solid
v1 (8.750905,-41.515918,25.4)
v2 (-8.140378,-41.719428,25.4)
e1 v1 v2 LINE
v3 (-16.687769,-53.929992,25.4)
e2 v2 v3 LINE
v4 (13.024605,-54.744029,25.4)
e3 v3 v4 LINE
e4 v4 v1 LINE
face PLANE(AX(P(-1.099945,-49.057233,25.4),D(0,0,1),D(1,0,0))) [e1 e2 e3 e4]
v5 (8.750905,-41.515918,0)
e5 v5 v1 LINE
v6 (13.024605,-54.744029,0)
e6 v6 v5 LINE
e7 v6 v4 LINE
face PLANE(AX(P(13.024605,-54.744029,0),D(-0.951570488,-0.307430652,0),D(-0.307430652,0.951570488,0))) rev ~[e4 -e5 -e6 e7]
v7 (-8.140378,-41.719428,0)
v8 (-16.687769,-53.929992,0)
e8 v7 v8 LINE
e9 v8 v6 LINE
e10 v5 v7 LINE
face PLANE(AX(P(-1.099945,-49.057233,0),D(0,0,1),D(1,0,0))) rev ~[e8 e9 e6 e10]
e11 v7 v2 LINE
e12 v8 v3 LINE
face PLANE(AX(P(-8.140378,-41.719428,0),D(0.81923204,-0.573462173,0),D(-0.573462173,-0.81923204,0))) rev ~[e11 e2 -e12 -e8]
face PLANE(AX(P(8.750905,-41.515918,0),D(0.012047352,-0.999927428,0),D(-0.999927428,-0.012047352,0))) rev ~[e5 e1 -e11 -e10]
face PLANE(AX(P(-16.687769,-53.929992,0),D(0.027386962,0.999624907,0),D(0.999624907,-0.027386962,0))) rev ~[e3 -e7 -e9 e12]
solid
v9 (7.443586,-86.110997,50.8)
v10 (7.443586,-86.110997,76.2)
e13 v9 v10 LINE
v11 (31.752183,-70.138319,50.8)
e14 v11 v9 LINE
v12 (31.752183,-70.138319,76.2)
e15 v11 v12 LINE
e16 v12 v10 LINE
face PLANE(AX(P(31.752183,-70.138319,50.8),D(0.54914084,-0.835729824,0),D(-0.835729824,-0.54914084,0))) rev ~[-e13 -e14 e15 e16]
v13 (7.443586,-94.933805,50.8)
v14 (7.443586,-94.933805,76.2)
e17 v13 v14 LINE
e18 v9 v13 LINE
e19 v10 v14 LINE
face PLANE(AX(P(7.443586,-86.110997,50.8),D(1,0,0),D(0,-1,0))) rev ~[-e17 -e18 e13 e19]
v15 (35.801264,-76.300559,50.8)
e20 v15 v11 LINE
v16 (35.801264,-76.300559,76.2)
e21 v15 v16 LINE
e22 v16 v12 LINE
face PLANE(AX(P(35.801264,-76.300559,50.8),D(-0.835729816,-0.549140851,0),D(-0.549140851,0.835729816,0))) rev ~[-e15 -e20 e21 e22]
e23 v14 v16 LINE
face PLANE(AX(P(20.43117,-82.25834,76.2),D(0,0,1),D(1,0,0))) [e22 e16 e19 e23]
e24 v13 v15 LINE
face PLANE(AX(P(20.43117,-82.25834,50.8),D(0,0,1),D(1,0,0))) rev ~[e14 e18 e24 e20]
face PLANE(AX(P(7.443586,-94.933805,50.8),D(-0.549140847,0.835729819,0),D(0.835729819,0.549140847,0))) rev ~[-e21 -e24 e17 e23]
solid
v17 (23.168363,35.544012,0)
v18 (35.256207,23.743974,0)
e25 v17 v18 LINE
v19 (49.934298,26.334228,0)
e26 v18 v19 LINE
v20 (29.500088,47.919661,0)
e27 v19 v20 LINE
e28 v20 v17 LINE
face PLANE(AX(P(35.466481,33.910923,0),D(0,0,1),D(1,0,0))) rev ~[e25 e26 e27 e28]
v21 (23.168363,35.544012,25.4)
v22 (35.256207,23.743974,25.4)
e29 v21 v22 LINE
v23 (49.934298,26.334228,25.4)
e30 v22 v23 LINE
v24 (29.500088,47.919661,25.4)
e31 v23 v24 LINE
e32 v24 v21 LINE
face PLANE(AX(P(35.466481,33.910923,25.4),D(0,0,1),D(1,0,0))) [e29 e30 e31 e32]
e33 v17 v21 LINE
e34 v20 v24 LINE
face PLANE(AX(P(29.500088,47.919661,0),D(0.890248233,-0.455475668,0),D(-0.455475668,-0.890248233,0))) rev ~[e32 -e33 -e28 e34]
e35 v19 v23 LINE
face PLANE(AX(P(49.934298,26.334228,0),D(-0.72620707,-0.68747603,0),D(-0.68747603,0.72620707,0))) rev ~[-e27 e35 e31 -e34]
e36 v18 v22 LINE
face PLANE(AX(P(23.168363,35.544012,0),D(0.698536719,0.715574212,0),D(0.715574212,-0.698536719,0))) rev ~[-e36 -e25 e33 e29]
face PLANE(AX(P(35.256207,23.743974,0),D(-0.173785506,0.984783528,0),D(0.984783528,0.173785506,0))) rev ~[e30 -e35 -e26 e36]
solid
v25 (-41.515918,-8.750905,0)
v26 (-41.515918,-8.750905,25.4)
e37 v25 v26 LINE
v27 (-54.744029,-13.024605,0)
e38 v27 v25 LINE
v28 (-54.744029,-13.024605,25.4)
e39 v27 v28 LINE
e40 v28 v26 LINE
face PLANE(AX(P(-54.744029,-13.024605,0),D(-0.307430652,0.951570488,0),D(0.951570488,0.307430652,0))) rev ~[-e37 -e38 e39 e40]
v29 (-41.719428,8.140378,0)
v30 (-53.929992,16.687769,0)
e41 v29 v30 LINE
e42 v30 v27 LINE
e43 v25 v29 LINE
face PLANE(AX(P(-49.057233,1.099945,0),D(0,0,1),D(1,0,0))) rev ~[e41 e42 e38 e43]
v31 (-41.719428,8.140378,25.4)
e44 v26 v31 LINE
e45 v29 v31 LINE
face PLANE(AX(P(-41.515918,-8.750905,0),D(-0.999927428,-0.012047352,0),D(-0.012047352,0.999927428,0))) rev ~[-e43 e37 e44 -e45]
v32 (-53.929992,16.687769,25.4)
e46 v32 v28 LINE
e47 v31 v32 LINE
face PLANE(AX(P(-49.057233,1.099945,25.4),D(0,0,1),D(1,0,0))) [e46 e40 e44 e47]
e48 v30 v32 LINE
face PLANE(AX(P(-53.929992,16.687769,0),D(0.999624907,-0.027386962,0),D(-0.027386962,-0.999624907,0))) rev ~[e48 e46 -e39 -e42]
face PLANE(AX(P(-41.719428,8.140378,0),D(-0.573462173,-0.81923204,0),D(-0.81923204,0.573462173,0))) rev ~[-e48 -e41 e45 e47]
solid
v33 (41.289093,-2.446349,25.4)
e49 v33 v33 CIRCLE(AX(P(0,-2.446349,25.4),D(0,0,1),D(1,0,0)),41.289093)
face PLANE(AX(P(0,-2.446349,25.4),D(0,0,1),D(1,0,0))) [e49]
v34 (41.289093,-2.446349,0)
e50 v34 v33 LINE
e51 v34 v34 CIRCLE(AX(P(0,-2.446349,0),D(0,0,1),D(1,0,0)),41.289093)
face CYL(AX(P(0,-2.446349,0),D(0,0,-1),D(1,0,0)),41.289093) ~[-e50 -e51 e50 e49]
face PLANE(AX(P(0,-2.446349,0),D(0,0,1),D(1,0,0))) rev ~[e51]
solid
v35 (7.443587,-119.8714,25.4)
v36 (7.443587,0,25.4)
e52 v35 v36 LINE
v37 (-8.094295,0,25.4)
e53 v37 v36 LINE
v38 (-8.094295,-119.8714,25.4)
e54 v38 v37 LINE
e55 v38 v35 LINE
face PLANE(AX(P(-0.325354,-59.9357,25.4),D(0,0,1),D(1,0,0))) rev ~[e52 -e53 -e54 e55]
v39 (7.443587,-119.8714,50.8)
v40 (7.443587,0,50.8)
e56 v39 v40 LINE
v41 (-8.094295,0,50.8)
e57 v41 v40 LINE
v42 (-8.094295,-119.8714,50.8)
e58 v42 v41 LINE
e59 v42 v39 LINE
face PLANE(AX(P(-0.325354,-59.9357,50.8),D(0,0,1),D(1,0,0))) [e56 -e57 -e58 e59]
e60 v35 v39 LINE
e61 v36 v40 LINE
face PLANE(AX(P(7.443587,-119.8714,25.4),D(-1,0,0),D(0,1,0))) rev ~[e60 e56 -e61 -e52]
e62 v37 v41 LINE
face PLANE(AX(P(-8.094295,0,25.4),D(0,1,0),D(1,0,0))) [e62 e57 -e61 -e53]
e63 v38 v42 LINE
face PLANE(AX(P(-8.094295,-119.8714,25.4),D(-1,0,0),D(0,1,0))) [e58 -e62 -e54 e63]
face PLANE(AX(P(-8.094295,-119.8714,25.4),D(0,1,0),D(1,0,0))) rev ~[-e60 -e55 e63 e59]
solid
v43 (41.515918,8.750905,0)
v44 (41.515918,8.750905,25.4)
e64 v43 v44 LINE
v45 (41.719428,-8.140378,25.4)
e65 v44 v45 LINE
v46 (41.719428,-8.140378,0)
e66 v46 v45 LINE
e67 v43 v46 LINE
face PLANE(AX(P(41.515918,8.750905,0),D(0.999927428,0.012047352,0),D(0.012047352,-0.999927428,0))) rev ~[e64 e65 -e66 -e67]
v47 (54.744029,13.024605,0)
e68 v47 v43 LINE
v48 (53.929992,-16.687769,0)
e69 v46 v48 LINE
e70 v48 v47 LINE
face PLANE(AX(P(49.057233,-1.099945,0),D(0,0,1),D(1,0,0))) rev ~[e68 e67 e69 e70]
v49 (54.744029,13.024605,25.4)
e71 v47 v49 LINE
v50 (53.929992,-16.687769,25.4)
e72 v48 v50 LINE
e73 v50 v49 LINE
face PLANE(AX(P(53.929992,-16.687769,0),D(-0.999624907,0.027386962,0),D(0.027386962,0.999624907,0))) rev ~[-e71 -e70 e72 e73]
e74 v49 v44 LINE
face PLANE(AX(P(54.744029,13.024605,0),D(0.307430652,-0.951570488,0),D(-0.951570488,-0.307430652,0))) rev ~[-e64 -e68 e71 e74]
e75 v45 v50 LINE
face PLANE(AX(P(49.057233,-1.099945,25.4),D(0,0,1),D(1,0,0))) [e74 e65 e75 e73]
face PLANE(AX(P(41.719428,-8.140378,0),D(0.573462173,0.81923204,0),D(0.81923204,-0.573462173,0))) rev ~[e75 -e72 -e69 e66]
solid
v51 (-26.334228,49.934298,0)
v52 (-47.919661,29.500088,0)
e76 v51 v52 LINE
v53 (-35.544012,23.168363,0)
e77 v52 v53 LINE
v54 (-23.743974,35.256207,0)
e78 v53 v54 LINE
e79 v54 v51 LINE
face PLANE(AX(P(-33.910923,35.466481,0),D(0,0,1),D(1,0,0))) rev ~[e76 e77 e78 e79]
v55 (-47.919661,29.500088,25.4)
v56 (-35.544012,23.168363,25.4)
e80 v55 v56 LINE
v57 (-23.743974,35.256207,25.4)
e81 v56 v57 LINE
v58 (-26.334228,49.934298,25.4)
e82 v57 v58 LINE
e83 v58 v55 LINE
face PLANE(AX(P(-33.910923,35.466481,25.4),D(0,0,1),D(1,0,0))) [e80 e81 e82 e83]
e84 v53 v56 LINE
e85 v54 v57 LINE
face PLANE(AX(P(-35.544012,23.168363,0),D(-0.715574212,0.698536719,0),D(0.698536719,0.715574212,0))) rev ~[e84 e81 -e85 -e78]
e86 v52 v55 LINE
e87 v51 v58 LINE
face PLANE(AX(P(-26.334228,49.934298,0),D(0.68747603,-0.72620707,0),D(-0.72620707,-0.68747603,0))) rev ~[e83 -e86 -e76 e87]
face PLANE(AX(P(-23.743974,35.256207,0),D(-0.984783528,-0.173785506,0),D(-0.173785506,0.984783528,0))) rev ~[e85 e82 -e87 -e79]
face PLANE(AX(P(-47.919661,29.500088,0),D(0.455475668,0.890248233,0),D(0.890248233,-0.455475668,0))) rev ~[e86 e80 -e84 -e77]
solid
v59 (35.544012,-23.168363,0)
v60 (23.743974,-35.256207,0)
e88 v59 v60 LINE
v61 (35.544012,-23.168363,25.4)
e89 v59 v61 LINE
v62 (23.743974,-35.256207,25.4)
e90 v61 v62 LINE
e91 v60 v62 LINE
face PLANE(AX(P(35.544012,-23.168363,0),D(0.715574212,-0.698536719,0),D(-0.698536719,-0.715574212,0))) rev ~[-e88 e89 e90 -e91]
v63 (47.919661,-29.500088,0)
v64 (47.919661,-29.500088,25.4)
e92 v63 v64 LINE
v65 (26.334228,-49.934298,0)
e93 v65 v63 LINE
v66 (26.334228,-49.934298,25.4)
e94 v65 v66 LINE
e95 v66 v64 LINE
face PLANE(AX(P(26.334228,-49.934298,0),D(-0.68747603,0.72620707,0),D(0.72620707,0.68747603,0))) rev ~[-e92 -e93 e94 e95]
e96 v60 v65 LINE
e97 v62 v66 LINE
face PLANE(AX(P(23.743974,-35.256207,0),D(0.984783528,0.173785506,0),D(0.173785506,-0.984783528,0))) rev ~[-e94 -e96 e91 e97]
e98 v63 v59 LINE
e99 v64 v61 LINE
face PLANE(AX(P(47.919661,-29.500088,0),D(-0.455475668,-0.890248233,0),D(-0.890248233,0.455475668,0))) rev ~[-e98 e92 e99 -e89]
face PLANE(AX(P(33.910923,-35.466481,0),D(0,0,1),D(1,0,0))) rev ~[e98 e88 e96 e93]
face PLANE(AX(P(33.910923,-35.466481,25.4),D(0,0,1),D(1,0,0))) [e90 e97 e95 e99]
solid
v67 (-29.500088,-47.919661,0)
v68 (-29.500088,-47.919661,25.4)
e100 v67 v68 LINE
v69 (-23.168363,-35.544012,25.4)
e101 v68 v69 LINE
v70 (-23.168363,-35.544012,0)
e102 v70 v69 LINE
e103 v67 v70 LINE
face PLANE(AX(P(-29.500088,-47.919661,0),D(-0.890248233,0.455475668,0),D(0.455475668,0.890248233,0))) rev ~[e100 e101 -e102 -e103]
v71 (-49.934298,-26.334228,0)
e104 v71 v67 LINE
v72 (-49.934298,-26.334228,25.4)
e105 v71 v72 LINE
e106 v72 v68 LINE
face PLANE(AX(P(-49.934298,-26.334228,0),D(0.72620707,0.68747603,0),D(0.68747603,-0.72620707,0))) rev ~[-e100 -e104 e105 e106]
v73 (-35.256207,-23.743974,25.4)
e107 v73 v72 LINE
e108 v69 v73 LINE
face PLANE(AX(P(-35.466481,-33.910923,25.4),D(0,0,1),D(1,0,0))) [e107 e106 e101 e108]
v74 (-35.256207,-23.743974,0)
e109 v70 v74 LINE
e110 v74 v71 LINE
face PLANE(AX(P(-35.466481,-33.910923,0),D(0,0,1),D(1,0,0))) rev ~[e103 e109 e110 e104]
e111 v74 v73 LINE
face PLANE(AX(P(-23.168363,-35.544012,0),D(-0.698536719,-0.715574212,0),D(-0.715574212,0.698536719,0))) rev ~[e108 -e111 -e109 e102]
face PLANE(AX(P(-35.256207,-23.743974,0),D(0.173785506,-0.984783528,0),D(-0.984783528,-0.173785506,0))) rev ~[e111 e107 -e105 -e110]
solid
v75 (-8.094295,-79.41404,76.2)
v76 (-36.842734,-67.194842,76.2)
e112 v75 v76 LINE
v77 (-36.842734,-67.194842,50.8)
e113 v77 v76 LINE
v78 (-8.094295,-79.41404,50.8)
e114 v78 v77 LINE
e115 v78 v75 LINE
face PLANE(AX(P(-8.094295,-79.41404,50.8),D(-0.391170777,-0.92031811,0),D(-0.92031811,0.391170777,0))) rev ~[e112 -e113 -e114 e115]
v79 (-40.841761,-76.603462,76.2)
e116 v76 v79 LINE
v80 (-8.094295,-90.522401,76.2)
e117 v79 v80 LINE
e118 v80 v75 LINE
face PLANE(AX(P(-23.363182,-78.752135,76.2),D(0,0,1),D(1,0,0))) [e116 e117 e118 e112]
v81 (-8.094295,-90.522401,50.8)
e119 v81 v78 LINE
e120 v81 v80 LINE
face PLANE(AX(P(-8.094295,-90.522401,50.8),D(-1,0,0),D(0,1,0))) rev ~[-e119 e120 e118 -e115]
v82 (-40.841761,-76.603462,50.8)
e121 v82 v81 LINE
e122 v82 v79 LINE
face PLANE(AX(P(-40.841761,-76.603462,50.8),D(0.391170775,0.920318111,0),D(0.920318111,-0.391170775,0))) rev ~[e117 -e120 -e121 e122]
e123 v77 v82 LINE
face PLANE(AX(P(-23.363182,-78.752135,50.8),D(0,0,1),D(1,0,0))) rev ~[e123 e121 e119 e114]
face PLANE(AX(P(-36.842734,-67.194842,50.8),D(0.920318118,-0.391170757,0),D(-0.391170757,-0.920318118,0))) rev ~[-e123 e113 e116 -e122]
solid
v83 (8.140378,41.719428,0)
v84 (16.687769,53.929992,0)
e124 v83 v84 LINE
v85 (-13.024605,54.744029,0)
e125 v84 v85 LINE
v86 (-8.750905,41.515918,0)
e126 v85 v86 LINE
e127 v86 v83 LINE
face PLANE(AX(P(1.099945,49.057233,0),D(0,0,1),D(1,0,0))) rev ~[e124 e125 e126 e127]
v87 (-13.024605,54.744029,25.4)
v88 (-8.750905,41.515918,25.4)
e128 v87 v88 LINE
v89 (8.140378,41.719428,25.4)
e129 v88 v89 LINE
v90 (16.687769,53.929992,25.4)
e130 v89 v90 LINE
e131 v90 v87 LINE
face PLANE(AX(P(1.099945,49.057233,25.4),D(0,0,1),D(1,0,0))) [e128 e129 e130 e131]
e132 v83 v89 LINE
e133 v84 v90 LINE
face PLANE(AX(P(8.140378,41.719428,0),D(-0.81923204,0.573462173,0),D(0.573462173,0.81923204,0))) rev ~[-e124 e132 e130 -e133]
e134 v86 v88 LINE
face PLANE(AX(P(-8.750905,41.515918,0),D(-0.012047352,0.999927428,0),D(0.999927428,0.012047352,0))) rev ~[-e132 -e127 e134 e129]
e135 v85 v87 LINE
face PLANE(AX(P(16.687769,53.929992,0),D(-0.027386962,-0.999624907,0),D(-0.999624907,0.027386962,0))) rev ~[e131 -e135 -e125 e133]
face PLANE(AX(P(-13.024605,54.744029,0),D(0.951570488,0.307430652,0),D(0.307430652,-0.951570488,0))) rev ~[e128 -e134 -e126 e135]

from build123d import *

# Parameters (mm, degrees)
F2_DEPTH = 25.4
F0_R     = 41.289093
F3_DEPTH = 25.4
F4_W     = 15.537881
F4_H     = 119.8714
F5_DEPTH = 25.4
F7_DEPTH = 25.4


with BuildPart() as f2:
    # F1 (on Top) → F2 (new body)
    with BuildSketch(Plane.XY):
        Polygon((26.334228, -49.934298), (47.919661, -29.500088), (35.544012, -23.168363), (23.743974, -35.256207), align=None)
        Polygon((53.929992, -16.687769), (54.744029, 13.024605), (41.515918, 8.750905), (41.719428, -8.140378), align=None)
        Polygon((16.687769, 53.929992), (-13.024605, 54.744029), (-8.750905, 41.515918), (8.140378, 41.719428), align=None)
        Polygon((-26.334228, 49.934298), (-47.919661, 29.500088), (-35.544012, 23.168363), (-23.743974, 35.256207), align=None)
        Polygon((-53.929992, 16.687769), (-54.744029, -13.024605), (-41.515918, -8.750905), (-41.719428, 8.140378), align=None)
        Polygon((-49.934298, -26.334228), (-29.500088, -47.919661), (-23.168363, -35.544012), (-35.256207, -23.743974), align=None)
        Polygon((-16.687769, -53.929992), (13.024605, -54.744029), (8.750905, -41.515918), (-8.140378, -41.719428), align=None)
        Polygon((29.500088, 47.919661), (23.168363, 35.544012), (35.256207, 23.743974), (49.934298, 26.334228), align=None)
    extrude(amount=F2_DEPTH)


with BuildPart() as f3:
    # F0 (on Top) → F3 (new body)
    with BuildSketch(Plane.XY):
        with Locations((0, -2.446349)):
            Circle(F0_R)
    extrude(amount=F3_DEPTH)


with BuildPart() as f5:
    # F4 (on face) → F5 (new body)
    with BuildSketch(Plane.XY.offset(25.4)):
        with Locations((-0.325354, -59.9357)):
            Rectangle(F4_W, F4_H)
    extrude(amount=F5_DEPTH)


with BuildPart() as f7:
    # F6 (on face) → F7 (new body)
    with BuildSketch(Plane.XY.offset(50.8)):
        Polygon((31.752183, -70.138319), (7.443586, -86.110997), (7.443586, -94.933805), (35.801264, -76.300559), align=None)
        Polygon((-8.094295, -90.522401), (-8.094295, -79.41404), (-36.842734, -67.194842), (-40.841761, -76.603462), align=None)
    extrude(amount=F7_DEPTH)


solid = Compound([f2.part, f3.part, f5.part, f7.part])
